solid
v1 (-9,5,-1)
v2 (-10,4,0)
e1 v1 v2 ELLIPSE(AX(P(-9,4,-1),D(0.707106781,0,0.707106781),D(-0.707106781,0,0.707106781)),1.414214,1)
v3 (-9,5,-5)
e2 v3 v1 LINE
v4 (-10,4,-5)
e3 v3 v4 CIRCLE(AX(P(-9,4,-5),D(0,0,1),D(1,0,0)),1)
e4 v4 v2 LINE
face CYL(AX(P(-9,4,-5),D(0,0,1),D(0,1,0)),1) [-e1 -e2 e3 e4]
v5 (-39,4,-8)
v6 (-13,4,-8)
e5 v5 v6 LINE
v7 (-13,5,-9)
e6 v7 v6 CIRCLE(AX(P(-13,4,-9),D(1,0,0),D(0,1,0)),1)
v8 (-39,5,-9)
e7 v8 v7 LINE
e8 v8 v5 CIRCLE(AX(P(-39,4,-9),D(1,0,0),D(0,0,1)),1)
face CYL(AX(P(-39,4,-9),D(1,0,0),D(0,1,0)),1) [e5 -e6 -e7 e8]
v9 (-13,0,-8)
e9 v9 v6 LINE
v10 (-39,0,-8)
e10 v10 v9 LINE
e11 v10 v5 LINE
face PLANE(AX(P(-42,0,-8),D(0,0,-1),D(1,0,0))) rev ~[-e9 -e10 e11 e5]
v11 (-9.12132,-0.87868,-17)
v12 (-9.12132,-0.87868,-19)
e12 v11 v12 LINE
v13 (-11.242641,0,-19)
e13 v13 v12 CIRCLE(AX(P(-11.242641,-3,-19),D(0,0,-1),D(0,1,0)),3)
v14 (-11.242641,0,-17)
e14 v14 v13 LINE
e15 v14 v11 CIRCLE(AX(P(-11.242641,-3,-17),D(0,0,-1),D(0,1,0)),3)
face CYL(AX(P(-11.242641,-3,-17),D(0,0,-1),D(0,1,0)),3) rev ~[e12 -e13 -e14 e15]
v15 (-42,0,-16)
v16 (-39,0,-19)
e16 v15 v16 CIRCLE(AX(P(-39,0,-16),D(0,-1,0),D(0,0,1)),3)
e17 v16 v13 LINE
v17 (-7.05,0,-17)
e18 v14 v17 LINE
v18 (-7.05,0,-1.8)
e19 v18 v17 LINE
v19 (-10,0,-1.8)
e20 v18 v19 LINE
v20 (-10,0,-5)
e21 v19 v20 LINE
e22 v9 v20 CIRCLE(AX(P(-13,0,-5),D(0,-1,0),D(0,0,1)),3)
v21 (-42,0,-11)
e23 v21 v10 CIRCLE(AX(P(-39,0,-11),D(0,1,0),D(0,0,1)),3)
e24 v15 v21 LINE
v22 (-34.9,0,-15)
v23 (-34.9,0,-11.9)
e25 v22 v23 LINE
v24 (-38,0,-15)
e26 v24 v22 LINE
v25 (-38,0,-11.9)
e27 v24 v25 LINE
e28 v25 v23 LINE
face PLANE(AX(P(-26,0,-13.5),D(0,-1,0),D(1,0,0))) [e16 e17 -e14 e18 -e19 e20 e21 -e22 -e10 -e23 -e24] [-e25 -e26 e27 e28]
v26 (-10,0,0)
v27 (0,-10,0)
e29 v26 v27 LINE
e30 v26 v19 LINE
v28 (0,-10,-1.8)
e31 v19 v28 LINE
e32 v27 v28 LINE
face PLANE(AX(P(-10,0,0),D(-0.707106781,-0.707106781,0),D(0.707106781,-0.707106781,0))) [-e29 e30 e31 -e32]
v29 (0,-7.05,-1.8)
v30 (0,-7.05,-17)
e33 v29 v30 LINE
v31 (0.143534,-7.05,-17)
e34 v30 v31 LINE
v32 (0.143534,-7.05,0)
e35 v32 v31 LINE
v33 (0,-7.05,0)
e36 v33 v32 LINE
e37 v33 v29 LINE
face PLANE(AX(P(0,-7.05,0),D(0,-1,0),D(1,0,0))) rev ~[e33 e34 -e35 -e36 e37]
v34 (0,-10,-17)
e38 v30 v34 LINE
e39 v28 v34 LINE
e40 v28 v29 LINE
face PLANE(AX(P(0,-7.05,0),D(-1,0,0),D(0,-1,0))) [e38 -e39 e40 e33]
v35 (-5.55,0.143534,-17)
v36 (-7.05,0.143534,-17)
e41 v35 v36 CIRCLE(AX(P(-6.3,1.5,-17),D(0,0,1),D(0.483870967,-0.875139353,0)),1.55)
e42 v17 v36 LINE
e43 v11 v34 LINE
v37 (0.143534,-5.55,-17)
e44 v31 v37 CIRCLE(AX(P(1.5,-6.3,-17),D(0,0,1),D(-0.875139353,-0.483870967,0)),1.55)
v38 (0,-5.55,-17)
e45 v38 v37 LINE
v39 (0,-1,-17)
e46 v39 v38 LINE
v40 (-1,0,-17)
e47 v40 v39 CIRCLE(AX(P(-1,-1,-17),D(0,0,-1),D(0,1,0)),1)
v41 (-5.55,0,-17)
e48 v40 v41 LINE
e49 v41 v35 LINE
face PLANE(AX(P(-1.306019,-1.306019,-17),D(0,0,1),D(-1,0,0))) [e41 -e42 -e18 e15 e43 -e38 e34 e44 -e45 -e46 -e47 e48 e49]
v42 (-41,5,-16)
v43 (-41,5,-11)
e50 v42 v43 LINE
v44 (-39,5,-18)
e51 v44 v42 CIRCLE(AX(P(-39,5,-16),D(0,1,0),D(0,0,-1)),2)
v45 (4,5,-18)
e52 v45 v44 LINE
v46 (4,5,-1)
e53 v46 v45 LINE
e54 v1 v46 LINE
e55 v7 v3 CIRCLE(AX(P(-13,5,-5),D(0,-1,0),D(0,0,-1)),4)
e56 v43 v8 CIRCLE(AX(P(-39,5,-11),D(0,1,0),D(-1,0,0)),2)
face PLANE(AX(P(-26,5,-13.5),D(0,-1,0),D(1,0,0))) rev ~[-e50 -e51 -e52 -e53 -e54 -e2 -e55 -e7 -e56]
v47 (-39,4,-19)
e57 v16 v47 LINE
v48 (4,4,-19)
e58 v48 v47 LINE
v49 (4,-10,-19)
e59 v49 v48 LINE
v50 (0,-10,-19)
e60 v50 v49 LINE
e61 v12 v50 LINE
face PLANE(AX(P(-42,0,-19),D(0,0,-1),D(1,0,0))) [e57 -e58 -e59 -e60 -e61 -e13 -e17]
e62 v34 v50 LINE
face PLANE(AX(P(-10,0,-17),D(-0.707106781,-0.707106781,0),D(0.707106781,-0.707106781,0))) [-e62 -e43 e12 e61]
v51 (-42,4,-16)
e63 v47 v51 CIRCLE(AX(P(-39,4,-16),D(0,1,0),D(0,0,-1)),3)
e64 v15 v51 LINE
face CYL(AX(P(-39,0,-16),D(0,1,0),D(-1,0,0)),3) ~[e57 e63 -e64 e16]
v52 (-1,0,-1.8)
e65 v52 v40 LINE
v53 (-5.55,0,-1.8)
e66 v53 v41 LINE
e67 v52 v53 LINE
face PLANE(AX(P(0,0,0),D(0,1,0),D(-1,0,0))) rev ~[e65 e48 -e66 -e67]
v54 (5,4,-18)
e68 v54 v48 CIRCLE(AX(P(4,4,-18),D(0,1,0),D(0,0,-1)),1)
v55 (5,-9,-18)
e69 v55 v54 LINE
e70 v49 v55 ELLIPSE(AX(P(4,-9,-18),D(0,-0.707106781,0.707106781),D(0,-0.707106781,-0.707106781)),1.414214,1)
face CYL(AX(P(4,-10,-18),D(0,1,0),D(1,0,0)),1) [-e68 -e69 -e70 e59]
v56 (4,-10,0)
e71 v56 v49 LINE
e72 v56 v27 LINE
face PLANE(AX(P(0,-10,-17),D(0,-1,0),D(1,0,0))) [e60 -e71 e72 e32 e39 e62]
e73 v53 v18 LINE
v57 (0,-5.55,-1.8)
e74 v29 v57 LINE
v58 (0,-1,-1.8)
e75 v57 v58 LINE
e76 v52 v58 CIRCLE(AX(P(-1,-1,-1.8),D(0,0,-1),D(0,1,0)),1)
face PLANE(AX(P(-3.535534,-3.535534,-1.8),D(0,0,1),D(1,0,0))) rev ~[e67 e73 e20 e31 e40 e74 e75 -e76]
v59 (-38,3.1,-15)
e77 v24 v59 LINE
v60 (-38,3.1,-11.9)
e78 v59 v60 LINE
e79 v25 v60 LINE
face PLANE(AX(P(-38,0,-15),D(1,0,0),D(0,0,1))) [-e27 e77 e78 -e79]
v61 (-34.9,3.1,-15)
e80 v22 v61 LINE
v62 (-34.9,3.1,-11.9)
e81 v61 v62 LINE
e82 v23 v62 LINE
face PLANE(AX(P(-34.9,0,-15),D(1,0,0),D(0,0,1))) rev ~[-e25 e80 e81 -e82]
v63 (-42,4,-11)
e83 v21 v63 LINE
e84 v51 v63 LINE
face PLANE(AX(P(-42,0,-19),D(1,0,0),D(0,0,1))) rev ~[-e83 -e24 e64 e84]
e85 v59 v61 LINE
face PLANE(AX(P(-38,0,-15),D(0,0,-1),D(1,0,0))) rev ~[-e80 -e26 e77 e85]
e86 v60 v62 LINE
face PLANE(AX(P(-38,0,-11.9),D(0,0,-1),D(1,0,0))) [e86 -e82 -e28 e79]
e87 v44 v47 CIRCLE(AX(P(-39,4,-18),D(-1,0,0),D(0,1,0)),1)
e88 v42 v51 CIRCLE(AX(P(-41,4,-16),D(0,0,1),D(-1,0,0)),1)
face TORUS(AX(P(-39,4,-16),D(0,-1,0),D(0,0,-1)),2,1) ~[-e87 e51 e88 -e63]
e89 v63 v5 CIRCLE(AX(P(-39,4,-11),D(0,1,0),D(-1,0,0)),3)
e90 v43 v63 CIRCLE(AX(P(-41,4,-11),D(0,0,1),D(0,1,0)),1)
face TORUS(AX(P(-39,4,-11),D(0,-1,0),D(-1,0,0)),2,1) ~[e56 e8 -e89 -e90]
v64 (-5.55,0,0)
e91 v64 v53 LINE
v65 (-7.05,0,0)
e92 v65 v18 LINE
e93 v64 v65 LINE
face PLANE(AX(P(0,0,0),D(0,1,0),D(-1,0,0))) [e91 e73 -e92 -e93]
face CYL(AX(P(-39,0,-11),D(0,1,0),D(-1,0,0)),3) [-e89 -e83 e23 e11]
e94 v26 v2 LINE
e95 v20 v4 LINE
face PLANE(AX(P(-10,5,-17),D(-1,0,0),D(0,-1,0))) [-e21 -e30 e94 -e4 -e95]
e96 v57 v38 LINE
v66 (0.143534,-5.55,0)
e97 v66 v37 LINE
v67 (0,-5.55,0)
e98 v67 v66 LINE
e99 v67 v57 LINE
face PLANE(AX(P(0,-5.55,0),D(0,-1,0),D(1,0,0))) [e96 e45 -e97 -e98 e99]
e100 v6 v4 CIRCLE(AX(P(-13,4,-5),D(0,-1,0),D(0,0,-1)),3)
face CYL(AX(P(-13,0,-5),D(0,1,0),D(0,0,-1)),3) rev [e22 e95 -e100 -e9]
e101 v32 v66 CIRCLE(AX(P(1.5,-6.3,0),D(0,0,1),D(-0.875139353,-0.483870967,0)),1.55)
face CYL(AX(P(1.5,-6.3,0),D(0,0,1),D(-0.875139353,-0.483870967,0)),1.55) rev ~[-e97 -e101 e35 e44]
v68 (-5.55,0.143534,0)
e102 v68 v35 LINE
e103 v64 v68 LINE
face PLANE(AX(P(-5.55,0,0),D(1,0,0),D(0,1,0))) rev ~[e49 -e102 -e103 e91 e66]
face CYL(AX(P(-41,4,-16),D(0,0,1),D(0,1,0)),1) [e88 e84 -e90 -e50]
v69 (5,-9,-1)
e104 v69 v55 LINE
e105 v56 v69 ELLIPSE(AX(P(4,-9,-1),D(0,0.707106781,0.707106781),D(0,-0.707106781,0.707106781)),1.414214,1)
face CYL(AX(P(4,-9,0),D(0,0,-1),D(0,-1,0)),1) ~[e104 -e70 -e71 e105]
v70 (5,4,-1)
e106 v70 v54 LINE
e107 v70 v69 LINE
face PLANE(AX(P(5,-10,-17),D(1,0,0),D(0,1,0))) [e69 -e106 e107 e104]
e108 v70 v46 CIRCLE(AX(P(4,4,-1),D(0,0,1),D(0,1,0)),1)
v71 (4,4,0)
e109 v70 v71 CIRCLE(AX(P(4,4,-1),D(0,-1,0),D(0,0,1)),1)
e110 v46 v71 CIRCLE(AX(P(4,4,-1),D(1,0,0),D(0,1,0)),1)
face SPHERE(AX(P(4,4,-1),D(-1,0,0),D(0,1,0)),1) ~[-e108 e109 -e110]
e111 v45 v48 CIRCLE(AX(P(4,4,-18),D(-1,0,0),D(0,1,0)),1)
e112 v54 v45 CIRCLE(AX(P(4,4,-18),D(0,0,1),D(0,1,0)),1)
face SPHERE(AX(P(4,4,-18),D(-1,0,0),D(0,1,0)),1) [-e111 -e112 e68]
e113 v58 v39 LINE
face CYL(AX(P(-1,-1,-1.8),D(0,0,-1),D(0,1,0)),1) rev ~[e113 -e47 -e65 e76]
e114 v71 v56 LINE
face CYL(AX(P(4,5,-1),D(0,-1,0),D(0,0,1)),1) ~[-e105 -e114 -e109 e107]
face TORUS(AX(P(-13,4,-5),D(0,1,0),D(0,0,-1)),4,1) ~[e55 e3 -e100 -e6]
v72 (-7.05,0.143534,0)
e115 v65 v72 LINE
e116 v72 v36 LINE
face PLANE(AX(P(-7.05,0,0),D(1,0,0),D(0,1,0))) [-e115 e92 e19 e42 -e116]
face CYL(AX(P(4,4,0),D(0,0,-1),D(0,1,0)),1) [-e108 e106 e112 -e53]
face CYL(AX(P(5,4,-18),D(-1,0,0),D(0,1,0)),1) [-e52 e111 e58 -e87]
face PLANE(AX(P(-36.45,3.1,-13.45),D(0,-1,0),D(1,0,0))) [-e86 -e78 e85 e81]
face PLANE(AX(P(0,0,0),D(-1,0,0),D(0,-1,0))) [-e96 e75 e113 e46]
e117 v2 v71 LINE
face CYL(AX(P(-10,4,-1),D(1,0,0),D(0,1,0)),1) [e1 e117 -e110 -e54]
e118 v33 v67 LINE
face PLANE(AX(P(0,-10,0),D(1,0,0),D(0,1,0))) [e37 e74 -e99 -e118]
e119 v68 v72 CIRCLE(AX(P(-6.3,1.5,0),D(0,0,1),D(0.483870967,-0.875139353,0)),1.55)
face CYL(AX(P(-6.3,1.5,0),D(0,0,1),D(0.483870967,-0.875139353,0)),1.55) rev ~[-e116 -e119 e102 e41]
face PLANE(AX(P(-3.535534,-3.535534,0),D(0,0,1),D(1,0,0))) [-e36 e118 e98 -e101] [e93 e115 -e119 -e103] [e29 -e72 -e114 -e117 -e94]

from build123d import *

# Parameters (mm, degrees)
PAD_DEPTH    = 17
PAD001_DEPTH = 2
PAD002_DEPTH = 1.8
SKETCH003_W  = 32
SKETCH003_H  = 11
PAD003_DEPTH = 5
SKETCH004_W  = 3.1
SKETCH004_H  = 3.1
POCKET_DEPTH = 3.1
FILLET_R     = 3
FILLET001_R  = 1


with BuildPart() as part:
    # Sketch → Pad (new body)
    with BuildSketch(Plane.XY):
        with BuildLine():
            Line((-10, 0), (-10, 5))
            Line((-10, 5), (5, 5))
            Line((5, 5), (5, -10))
            Line((5, -10), (0, -10))
            Line((0, -7.05), (0, -10))
            Line((0, -7.05), (0.143534, -7.05))
            ThreePointArc((0.143534, -7.05), (3.05, -6.3), (0.143534, -5.55))
            Line((0, -5.55), (0.143534, -5.55))
            Line((0, 0), (0, -5.55))
            Line((0, 0), (-5.55, 0))
            Line((-5.55, 0), (-5.55, 0.143534))
            ThreePointArc((-5.55, 0.143534), (-6.3, 3.05), (-7.05, 0.143534))
            Line((-7.05, 0), (-7.05, 0.143534))
            Line((-10, 0), (-7.05, 0))
        make_face()
    extrude(amount=-PAD_DEPTH)

    # Sketch001 (on Face16 of Pad) → Pad001 (join)
    with BuildSketch(Plane(origin=(0, 0, -17), x_dir=(1, 0, 0), z_dir=(0, 0, -1))):
        Polygon((5, -5), (-10, -5), (-10, 0), (0, 10), (5, 10), align=None)
    extrude(amount=PAD001_DEPTH)

    # Sketch002 (on Face1 of Pad001) → Pad002 (join)
    with BuildSketch(Plane.XY):
        Polygon((0, -10), (0, 0), (-10, 0), align=None)
    extrude(amount=-PAD002_DEPTH)

    # Sketch003 (on Face10 of Pad002) → Pad003 (join)
    with BuildSketch(Plane.XZ):
        with Locations((-26, -13.5)):
            Rectangle(SKETCH003_W, SKETCH003_H)
    extrude(amount=-PAD003_DEPTH)

    # Sketch004 (on Face22 of Pad003) → Pocket (cut)
    with BuildSketch(Plane.XZ):
        with Locations((-36.45, -13.45)):
            Rectangle(SKETCH004_W, SKETCH004_H)
    extrude(amount=-POCKET_DEPTH, mode=Mode.SUBTRACT)

    # Fillet
    fillet_edges = [part.edges().sort_by_distance(p)[0] for p in [
        (-10, 2.5, -8),
        (-42, 2.5, -8),
        (-42, 2.5, -19),
        (-10, 0, -18),
    ]]
    fillet(fillet_edges, radius=FILLET_R)

    # Fillet001
    fillet001_edges = [part.edges().sort_by_distance(p)[0] for p in [
        (-10, 5, -2.5),
        (-10.87868, 5, -7.12132),
        (-2.5, 5, 0),
        (-26, 5, -8),
        (5, 5, -9.5),
        (-41.12132, 5, -8.87868),
        (-17, 5, -19),
        (-42, 5, -13.5),
        (-41.12132, 5, -18.12132),
        (5, -2.5, 0),
        (5, -10, -9.5),
        (5, -2.5, -19),
        (0, 0, -9.4),
    ]]
    fillet(fillet001_edges, radius=FILLET001_R)


solid = part.part
